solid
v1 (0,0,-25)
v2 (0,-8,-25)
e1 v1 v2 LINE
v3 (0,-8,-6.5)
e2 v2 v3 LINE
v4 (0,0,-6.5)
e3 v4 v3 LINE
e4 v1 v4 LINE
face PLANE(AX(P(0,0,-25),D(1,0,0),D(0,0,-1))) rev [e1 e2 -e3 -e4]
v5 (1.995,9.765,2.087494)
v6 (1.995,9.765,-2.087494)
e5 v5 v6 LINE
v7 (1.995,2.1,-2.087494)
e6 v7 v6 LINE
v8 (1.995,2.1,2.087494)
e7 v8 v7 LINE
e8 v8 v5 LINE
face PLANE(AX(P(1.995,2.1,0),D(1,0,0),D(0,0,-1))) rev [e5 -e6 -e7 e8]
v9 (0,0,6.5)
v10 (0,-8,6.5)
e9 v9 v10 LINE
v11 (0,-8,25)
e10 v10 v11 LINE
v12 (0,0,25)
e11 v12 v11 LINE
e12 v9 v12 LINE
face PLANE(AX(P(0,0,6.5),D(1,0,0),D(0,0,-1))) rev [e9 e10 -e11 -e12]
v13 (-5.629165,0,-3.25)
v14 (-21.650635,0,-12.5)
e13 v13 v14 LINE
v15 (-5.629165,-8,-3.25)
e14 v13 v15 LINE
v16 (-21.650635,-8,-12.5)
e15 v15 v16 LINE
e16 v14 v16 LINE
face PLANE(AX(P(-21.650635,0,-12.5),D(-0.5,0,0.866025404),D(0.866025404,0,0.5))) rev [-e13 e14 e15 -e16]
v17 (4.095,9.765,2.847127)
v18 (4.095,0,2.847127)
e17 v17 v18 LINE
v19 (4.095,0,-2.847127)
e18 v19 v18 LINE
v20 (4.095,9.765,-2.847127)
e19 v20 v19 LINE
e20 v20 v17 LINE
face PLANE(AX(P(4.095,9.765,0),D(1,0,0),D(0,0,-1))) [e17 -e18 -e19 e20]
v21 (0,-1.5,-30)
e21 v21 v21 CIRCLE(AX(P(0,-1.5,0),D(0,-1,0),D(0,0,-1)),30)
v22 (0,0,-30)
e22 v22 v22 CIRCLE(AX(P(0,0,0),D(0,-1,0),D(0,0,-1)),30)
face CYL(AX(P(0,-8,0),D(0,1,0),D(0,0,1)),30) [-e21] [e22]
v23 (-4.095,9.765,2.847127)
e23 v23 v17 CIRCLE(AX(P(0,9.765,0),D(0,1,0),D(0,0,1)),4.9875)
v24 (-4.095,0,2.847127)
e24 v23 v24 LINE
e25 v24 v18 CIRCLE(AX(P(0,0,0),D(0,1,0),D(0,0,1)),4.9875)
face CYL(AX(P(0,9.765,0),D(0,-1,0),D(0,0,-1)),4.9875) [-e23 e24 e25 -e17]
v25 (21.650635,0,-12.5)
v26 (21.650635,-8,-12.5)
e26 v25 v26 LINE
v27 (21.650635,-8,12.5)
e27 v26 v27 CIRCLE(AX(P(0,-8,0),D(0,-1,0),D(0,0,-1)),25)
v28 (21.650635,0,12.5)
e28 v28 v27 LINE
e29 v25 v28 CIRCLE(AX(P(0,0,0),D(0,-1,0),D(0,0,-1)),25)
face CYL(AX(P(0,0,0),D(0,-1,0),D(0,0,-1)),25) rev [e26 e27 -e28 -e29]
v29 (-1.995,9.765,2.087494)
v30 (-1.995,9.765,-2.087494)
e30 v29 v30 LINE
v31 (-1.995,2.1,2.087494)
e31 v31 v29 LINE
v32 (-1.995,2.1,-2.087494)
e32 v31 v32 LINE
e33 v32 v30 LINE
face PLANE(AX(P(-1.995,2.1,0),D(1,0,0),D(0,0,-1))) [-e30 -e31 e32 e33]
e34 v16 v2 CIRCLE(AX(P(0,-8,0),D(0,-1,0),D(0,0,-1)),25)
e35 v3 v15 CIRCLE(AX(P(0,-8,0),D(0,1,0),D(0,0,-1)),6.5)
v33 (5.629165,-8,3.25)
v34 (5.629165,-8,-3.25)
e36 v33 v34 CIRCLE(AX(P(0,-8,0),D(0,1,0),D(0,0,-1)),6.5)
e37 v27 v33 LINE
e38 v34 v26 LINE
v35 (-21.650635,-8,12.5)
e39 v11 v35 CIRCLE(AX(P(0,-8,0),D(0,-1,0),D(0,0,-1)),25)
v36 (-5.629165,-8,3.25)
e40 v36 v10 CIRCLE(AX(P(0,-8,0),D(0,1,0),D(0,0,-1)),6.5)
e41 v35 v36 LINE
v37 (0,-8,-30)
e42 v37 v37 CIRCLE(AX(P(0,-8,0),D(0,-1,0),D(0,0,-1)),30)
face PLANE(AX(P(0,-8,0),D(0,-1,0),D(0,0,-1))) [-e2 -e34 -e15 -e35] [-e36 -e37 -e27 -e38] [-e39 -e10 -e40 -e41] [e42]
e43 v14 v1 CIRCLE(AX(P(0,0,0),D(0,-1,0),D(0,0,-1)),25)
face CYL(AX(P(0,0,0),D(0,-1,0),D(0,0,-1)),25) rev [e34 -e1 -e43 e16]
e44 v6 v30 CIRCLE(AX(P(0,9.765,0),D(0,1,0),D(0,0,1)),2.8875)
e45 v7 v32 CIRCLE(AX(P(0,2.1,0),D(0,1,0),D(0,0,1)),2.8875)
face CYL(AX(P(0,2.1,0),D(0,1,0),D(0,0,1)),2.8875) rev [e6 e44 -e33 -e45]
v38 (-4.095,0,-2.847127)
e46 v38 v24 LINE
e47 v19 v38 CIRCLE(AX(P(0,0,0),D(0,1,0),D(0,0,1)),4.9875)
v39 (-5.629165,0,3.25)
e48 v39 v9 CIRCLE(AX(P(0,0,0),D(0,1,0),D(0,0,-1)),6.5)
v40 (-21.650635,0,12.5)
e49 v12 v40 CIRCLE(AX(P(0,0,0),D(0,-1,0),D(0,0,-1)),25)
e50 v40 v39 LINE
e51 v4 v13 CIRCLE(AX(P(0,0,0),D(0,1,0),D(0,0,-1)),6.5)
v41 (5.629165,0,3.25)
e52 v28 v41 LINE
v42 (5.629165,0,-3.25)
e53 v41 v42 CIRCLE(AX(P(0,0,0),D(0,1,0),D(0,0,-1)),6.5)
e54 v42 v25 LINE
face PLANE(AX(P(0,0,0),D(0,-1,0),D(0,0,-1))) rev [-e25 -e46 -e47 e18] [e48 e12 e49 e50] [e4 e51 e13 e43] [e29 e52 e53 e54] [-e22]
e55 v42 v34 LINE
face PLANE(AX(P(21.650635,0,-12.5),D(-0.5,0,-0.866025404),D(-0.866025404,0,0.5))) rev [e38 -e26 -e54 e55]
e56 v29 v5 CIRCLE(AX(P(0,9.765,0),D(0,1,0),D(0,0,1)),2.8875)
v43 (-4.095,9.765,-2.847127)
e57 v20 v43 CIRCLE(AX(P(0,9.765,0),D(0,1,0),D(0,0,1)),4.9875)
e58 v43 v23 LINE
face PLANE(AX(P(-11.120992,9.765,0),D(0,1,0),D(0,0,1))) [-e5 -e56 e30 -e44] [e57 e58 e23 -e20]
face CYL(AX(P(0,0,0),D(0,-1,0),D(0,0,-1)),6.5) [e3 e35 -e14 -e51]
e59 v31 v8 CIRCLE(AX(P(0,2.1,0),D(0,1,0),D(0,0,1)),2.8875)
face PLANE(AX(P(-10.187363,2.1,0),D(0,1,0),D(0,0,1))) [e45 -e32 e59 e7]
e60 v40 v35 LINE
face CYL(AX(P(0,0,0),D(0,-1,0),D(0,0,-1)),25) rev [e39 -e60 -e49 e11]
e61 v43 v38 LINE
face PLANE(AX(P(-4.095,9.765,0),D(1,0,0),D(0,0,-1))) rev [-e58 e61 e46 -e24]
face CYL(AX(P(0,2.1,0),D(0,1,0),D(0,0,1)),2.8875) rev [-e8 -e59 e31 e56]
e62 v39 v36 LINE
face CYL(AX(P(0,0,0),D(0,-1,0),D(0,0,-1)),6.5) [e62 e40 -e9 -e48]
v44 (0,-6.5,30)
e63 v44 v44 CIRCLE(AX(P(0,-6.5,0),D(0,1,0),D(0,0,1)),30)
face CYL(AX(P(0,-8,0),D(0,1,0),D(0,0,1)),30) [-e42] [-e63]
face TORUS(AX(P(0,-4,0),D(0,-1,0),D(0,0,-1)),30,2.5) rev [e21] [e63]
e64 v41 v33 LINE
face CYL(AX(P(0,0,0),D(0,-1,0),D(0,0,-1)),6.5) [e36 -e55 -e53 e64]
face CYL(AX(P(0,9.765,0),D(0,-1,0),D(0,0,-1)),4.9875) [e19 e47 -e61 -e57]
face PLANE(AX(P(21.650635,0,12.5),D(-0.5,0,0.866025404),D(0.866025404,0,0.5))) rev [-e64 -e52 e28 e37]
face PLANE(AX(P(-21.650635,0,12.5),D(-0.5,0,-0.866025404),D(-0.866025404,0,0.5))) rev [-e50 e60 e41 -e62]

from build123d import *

# Parameters (mm, degrees)
EXTRUS_O1_DEPTH = 9.3
EXTRUS_O2_DEPTH = 7.3
ESCALA3_SCALE   = 1.05
ESBO_O3_R       = 30
EXTRUS_O3_DEPTH = 8
ESBO_O4_R       = 2.5
EXTRUS_O6_DEPTH = 8


with BuildPart() as part:
    # Esboço1 → Extrusão1 (new body)
    with BuildSketch(Plane(origin=(0, 0, 0), x_dir=(1, 0, 0), z_dir=(0, 1, 0))):
        with BuildLine():
            Line((3.9, 0), (0, 0))
            Line((0, 0), (-3.9, 0))
            Line((-3.9, 0), (-3.9, -2.711549373))
            ThreePointArc((-3.9, -2.711549373), (0, -4.75), (3.9, -2.711549373))
            Line((3.9, -2.711549373), (3.9, 0))
        make_face()
        with BuildLine():
            Line((-3.9, 0), (0, 0))
            Line((0, 0), (3.9, 0))
            Line((3.9, 0), (3.9, 2.711549373))
            ThreePointArc((3.9, 2.711549373), (0, 4.75), (-3.9, 2.711549373))
            Line((-3.9, 2.711549373), (-3.9, 0))
        make_face()
        with BuildLine():
            Line((-3.9, 0), (0, 0))
            Line((0, 0), (3.9, 0))
            Line((3.9, 0), (3.9, 2.711549373))
            ThreePointArc((3.9, 2.711549373), (0, 4.75), (-3.9, 2.711549373))
            Line((-3.9, 2.711549373), (-3.9, 0))
        make_face()
    extrude(amount=EXTRUS_O1_DEPTH)

    # Esboço2 → Extrusão2 (cut)
    with BuildSketch(Plane(origin=(0, 9.3, 0), x_dir=(1, 0, 0), z_dir=(0, 1, 0))):
        with BuildLine():
            Line((-1.9, 0), (0, 0))
            Line((0, 0), (1.9, 0))
            Line((1.9, 0), (1.9, 1.988089535))
            ThreePointArc((1.9, 1.988089535), (0, 2.75), (-1.9, 1.988089535))
            Line((-1.9, 1.988089535), (-1.9, 0))
        make_face()
        with BuildLine():
            Line((1.9, 0), (0, 0))
            Line((0, 0), (-1.9, 0))
            Line((-1.9, 0), (-1.9, -1.988089535))
            ThreePointArc((-1.9, -1.988089535), (0, -2.75), (1.9, -1.988089535))
            Line((1.9, -1.988089535), (1.9, 0))
        make_face()
    extrude(amount=-EXTRUS_O2_DEPTH, mode=Mode.SUBTRACT)


with BuildPart() as part_1:
    # Escala3: scaled about (0, 0, 0)
    add(part.part.scale(ESCALA3_SCALE))

    # Esboço3 → Extrusão3 (add)
    with BuildSketch(Plane.XZ):
        with Locations(Location((0, 0, 0), (0, 0, 270))):
            Circle(ESBO_O3_R)
    extrude(amount=EXTRUS_O3_DEPTH)

    # Varredura de corte1: sweep along a path in Esboço6
    with BuildLine(Plane(origin=(0, -4, 0), x_dir=(-1, 0, 0), z_dir=(0, 1, 0))) as varredura_de_corte1_path:
        CenterArc((0, 0), 30, 0, 360)
    # Esboço4 → Varredura de corte1 (sweep, cut)
    with BuildSketch(Plane(origin=(0, 0, 0), x_dir=(0, 0, -1), z_dir=(1, 0, 0))):
        with Locations((-30, -4)):
            Circle(ESBO_O4_R)
    sweep(path=varredura_de_corte1_path.line, mode=Mode.SUBTRACT)

    # Esboço7 → Extrusão6 (cut)
    with BuildSketch(Plane.XZ.offset(8)):
        with BuildLine():
            Line((-21.650635095, 12.5), (-5.629165125, 3.25))
            ThreePointArc((-5.629165125, 3.25), (-3.25, 5.629165125), (0, 6.5))
            Line((0, 6.5), (0, 25))
            ThreePointArc((0, 25), (-12.5, 21.650635095), (-21.650635095, 12.5))
        make_face()
        with BuildLine():
            Line((0, -25), (0, -6.5))
            ThreePointArc((0, -6.5), (-3.25, -5.629165125), (-5.629165125, -3.25))
            Line((-5.629165125, -3.25), (-21.650635095, -12.5))
            ThreePointArc((-21.650635095, -12.5), (-12.5, -21.650635095), (0, -25))
        make_face()
        with BuildLine():
            Line((21.650635095, 12.5), (5.629165125, 3.25))
            ThreePointArc((5.629165125, 3.25), (6.5, 0), (5.629165125, -3.25))
            Line((5.629165125, -3.25), (21.650635095, -12.5))
            ThreePointArc((21.650635095, -12.5), (25, 0), (21.650635095, 12.5))
        make_face()
    extrude(amount=-EXTRUS_O6_DEPTH, mode=Mode.SUBTRACT)


solid = part_1.part
